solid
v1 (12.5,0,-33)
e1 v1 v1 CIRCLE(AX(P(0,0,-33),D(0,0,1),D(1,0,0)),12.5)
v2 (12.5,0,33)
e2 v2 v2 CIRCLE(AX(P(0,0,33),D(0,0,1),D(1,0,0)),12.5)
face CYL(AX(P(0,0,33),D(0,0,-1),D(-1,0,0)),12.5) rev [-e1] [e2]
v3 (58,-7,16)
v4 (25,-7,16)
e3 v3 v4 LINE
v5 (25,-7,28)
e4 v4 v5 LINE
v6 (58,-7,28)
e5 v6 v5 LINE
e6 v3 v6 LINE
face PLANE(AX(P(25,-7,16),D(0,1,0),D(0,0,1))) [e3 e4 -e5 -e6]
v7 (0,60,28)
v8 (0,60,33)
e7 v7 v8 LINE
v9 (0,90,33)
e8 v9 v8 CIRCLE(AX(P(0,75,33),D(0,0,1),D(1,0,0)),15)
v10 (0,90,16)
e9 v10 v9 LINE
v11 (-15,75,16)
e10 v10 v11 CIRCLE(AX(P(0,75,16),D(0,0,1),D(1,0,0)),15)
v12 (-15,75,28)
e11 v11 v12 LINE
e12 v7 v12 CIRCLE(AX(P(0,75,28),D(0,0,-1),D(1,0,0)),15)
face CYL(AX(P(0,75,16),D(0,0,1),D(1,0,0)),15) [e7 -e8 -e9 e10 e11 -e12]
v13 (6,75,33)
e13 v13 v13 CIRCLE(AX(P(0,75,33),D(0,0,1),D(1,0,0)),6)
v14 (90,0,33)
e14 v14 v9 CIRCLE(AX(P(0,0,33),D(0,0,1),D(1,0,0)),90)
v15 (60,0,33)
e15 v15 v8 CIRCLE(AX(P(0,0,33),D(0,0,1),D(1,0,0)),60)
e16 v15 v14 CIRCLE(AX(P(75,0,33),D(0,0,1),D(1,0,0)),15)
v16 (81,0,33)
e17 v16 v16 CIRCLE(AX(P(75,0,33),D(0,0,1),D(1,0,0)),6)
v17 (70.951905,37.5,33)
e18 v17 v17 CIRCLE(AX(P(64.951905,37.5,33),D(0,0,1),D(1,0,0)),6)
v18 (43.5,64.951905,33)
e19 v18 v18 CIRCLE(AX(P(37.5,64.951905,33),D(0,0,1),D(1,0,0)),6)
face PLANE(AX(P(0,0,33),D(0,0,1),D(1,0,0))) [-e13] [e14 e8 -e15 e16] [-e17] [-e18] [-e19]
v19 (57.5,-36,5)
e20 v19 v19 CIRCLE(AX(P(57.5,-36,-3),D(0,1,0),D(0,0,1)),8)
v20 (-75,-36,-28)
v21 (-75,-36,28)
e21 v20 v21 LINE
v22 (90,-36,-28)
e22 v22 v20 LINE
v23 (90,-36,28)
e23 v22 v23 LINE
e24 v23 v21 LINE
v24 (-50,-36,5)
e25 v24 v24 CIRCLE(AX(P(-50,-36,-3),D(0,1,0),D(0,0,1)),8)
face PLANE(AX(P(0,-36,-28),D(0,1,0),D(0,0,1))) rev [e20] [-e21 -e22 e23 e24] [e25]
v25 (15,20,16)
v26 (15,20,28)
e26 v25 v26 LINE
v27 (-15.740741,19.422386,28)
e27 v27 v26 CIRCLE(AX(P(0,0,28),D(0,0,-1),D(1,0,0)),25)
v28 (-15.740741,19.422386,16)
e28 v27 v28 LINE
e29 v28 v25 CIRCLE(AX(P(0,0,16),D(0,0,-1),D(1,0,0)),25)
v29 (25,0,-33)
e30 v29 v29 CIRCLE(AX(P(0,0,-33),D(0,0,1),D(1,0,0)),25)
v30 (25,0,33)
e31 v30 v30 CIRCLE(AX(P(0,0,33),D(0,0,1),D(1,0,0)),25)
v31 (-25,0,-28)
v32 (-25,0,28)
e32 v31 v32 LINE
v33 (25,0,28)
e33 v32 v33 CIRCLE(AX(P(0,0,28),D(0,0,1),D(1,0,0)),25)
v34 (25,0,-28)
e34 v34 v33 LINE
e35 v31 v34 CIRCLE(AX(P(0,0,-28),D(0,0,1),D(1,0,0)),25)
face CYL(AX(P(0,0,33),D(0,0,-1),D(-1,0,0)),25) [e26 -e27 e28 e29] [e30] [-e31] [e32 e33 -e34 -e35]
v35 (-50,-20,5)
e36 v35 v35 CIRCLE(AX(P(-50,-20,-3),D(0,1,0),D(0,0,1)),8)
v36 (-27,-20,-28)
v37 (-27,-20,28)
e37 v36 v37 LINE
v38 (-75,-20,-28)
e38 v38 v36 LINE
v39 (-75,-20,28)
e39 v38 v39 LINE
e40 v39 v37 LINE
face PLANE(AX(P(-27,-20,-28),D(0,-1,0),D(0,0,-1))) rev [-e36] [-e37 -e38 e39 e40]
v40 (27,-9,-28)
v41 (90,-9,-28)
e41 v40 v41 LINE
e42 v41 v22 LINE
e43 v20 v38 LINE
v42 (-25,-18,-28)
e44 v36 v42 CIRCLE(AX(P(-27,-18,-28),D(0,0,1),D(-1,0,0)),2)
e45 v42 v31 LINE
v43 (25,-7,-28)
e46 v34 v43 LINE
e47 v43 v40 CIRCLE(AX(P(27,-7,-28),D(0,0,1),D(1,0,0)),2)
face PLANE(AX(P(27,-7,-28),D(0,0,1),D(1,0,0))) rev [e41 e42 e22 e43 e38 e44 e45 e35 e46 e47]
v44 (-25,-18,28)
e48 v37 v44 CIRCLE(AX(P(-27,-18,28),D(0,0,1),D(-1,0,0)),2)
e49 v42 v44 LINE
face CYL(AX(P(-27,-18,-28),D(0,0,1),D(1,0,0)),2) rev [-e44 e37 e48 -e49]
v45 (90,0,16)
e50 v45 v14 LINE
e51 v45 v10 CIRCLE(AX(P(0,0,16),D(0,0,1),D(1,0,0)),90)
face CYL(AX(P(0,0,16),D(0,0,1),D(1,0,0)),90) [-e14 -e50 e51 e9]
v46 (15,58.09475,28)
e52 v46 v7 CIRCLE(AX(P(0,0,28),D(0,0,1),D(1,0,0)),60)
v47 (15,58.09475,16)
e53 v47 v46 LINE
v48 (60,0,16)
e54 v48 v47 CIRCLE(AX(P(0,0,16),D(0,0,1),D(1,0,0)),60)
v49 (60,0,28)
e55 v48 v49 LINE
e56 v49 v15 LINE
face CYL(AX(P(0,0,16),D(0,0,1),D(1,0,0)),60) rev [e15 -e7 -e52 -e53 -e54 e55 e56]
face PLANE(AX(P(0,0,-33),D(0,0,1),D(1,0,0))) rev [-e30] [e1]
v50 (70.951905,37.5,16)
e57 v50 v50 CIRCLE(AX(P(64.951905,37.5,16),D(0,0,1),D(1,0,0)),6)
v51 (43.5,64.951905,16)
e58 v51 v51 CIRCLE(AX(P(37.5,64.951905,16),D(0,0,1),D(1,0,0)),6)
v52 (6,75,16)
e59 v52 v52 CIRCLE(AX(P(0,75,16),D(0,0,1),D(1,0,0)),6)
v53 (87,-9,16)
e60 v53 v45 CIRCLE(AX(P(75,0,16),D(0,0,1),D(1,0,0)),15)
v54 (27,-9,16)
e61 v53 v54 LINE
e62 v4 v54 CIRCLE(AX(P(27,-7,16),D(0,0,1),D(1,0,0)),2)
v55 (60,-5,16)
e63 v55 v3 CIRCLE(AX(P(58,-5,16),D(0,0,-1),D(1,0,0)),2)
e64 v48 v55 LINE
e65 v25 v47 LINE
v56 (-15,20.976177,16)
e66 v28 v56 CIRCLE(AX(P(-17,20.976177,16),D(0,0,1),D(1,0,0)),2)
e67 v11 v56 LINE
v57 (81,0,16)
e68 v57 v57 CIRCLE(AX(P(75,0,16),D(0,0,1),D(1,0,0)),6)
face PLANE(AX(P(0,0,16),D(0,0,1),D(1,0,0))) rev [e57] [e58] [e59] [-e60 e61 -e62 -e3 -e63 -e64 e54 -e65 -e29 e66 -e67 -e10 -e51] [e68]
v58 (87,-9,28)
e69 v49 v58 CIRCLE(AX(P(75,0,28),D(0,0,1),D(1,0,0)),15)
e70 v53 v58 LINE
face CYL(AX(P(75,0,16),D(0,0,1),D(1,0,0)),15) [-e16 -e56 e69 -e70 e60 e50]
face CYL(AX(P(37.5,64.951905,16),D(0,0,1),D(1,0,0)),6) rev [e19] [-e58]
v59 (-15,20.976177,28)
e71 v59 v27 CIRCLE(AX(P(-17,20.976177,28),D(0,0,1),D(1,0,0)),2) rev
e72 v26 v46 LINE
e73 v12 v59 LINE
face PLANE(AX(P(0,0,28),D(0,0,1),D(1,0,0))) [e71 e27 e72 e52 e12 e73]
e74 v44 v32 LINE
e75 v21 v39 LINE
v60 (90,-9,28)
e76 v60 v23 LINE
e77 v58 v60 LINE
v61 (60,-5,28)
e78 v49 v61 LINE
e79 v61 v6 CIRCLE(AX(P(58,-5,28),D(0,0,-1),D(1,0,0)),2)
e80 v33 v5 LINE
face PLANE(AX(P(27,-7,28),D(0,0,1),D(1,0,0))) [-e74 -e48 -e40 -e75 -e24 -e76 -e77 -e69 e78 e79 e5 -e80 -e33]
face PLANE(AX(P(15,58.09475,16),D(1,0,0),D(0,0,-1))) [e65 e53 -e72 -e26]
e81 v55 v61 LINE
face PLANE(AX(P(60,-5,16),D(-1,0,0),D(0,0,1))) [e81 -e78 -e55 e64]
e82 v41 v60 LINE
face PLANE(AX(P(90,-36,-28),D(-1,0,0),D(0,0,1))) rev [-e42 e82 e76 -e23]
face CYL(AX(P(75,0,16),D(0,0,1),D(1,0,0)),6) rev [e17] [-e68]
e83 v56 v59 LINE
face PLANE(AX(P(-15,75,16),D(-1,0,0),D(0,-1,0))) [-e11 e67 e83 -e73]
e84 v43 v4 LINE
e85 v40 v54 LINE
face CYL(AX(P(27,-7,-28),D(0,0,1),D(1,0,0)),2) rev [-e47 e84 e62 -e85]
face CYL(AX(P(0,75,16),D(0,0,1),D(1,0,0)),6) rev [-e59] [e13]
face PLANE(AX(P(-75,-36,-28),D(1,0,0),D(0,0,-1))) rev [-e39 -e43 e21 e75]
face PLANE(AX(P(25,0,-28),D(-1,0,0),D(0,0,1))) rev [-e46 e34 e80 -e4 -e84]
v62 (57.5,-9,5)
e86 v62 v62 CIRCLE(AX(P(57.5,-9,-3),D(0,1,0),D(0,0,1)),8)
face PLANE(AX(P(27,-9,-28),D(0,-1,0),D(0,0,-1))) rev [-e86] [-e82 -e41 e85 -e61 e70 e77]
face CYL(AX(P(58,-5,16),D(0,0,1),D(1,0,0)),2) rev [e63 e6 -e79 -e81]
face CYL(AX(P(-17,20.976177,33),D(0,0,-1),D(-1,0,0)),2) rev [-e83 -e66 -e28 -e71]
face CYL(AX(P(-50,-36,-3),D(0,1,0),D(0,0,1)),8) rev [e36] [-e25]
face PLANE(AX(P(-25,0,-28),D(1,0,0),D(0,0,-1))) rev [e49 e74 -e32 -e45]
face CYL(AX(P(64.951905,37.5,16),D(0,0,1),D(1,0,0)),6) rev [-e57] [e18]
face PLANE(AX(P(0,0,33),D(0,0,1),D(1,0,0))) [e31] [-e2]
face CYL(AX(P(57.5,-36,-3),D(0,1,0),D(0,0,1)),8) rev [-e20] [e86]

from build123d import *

# Parameters (mm, degrees)
SKETCH10_R           = 25
SKETCH10_R_2         = 12.5
BOSS_EXTRUDE7_DEPTH  = 33
BOSS_EXTRUDE9_START  = 5
BOSS_EXTRUDE9_DEPTH  = 56
SKETCH13_R           = 8
CUT_EXTRUDE1_DEPTH   = 16
BOSS_EXTRUDE12_DEPTH = 17
SKETCH17_R           = 6
CUT_EXTRUDE2_DEPTH   = 17
BOSS_EXTRUDE13_DEPTH = 12
SKETCH20_R           = 8
CUT_EXTRUDE3_DEPTH   = 27
FILLET1_R            = 2


with BuildPart() as part:
    # Sketch10 → Boss-Extrude7 (new, symmetric)
    with BuildSketch(Plane.XY):
        Circle(SKETCH10_R)
        Circle(SKETCH10_R_2, mode=Mode.SUBTRACT)
    extrude(amount=BOSS_EXTRUDE7_DEPTH, both=True)



with BuildPart() as body_2:
    # Sketch12 → Boss-Extrude9 (new body)
    with BuildSketch(Plane(origin=(0, 0, 33), x_dir=(-1, 0, 0), z_dir=(0, 0, -1)).offset(BOSS_EXTRUDE9_START)):
        with BuildLine():
            Line((0, -36), (75, -36))
            Line((75, -36), (75, -20))
            Line((75, -20), (27, -20))
            ThreePointArc((27, -20), (25.585786438, -19.414213562), (25, -18))
            Line((25, -18), (25, 0))
            ThreePointArc((25, 0), (0, -25), (-25, 0))
            Line((-25, 0), (-25, -7))
            ThreePointArc((-25, -7), (-25.585786438, -8.414213562), (-27, -9))
            Line((-27, -9), (-90, -9))
            Line((-90, -9), (-90, -36))
            Line((-90, -36), (0, -36))
        make_face()
    extrude(amount=BOSS_EXTRUDE9_DEPTH)

    # Sketch13 → Cut-Extrude1 (cut)
    with BuildSketch(Plane(origin=(0, -20, 0), x_dir=(1, 0, 0), z_dir=(0, 1, 0))):
        with Locations(Location((-50, 3, 0), (0, 0, 270))):
            Circle(SKETCH13_R)
    extrude(amount=-CUT_EXTRUDE1_DEPTH, mode=Mode.SUBTRACT)


with BuildPart() as body_3:
    # Sketch15 → Boss-Extrude12 (new body)
    with BuildSketch(Plane.XY.offset(33)):
        with BuildLine():
            ThreePointArc((60, 0), (42.426406871, 42.426406871), (0, 60))
            ThreePointArc((0, 60), (-15, 75), (0, 90))
            ThreePointArc((0, 90), (63.639610307, 63.639610307), (90, 0))
            ThreePointArc((90, 0), (75, -15), (60, 0))
        make_face()
    extrude(amount=-BOSS_EXTRUDE12_DEPTH)

    # Sketch17 → Cut-Extrude2 (cut)
    with BuildSketch(Plane.XY.offset(33)):
        with Locations((0, 75)):
            Circle(SKETCH17_R)
        with Locations((37.5, 64.951905284)):
            Circle(SKETCH17_R)
        with Locations((64.951905284, 37.5)):
            Circle(SKETCH17_R)
        with Locations((75, 0)):
            Circle(SKETCH17_R)
    extrude(amount=-CUT_EXTRUDE2_DEPTH, mode=Mode.SUBTRACT)


with BuildPart() as part_1:
    add(part.part)

    add(body_2.part)  # Boss-Extrude13 merges body 2

    add(body_3.part)  # Boss-Extrude13 merges body 3
    # Sketch18 → Boss-Extrude13 (add)
    with BuildSketch(Plane.XY.offset(28)):
        with BuildLine():
            Line((25, -7), (58, -7))
            ThreePointArc((58, -7), (59.414213562, -6.414213562), (60, -5))
            Line((60, -5), (60, 0))
            ThreePointArc((60, 0), (60.769750529, -4.74341649), (63, -9))
            Line((63, -9), (27, -9))
            ThreePointArc((27, -9), (25.585786438, -8.414213562), (25, -7))
        make_face()
        with BuildLine():
            Line((-15, 75), (-15, 20))
            ThreePointArc((-15, 20), (0, 25), (15, 20))
            Line((15, 20), (15, 58.094750193))
            ThreePointArc((15, 58.094750193), (7.560257549, 59.521781776), (0, 60))
            ThreePointArc((0, 60), (-10.606601718, 64.393398282), (-15, 75))
        make_face()
    extrude(amount=-BOSS_EXTRUDE13_DEPTH)

    # Sketch20 → Cut-Extrude3 (cut)
    with BuildSketch(Plane(origin=(0, -9, 0), x_dir=(1, 0, 0), z_dir=(0, 1, 0))):
        with Locations(Location((57.5, 3, 0), (0, 0, 270))):
            Circle(SKETCH20_R)
    extrude(amount=-CUT_EXTRUDE3_DEPTH, mode=Mode.SUBTRACT)

    # Fillet1
    fillet1_edges = [part_1.edges().sort_by_distance(p)[0] for p in [
        (-15, 20, 22),
    ]]
    fillet(fillet1_edges, radius=FILLET1_R)


solid = part_1.part
